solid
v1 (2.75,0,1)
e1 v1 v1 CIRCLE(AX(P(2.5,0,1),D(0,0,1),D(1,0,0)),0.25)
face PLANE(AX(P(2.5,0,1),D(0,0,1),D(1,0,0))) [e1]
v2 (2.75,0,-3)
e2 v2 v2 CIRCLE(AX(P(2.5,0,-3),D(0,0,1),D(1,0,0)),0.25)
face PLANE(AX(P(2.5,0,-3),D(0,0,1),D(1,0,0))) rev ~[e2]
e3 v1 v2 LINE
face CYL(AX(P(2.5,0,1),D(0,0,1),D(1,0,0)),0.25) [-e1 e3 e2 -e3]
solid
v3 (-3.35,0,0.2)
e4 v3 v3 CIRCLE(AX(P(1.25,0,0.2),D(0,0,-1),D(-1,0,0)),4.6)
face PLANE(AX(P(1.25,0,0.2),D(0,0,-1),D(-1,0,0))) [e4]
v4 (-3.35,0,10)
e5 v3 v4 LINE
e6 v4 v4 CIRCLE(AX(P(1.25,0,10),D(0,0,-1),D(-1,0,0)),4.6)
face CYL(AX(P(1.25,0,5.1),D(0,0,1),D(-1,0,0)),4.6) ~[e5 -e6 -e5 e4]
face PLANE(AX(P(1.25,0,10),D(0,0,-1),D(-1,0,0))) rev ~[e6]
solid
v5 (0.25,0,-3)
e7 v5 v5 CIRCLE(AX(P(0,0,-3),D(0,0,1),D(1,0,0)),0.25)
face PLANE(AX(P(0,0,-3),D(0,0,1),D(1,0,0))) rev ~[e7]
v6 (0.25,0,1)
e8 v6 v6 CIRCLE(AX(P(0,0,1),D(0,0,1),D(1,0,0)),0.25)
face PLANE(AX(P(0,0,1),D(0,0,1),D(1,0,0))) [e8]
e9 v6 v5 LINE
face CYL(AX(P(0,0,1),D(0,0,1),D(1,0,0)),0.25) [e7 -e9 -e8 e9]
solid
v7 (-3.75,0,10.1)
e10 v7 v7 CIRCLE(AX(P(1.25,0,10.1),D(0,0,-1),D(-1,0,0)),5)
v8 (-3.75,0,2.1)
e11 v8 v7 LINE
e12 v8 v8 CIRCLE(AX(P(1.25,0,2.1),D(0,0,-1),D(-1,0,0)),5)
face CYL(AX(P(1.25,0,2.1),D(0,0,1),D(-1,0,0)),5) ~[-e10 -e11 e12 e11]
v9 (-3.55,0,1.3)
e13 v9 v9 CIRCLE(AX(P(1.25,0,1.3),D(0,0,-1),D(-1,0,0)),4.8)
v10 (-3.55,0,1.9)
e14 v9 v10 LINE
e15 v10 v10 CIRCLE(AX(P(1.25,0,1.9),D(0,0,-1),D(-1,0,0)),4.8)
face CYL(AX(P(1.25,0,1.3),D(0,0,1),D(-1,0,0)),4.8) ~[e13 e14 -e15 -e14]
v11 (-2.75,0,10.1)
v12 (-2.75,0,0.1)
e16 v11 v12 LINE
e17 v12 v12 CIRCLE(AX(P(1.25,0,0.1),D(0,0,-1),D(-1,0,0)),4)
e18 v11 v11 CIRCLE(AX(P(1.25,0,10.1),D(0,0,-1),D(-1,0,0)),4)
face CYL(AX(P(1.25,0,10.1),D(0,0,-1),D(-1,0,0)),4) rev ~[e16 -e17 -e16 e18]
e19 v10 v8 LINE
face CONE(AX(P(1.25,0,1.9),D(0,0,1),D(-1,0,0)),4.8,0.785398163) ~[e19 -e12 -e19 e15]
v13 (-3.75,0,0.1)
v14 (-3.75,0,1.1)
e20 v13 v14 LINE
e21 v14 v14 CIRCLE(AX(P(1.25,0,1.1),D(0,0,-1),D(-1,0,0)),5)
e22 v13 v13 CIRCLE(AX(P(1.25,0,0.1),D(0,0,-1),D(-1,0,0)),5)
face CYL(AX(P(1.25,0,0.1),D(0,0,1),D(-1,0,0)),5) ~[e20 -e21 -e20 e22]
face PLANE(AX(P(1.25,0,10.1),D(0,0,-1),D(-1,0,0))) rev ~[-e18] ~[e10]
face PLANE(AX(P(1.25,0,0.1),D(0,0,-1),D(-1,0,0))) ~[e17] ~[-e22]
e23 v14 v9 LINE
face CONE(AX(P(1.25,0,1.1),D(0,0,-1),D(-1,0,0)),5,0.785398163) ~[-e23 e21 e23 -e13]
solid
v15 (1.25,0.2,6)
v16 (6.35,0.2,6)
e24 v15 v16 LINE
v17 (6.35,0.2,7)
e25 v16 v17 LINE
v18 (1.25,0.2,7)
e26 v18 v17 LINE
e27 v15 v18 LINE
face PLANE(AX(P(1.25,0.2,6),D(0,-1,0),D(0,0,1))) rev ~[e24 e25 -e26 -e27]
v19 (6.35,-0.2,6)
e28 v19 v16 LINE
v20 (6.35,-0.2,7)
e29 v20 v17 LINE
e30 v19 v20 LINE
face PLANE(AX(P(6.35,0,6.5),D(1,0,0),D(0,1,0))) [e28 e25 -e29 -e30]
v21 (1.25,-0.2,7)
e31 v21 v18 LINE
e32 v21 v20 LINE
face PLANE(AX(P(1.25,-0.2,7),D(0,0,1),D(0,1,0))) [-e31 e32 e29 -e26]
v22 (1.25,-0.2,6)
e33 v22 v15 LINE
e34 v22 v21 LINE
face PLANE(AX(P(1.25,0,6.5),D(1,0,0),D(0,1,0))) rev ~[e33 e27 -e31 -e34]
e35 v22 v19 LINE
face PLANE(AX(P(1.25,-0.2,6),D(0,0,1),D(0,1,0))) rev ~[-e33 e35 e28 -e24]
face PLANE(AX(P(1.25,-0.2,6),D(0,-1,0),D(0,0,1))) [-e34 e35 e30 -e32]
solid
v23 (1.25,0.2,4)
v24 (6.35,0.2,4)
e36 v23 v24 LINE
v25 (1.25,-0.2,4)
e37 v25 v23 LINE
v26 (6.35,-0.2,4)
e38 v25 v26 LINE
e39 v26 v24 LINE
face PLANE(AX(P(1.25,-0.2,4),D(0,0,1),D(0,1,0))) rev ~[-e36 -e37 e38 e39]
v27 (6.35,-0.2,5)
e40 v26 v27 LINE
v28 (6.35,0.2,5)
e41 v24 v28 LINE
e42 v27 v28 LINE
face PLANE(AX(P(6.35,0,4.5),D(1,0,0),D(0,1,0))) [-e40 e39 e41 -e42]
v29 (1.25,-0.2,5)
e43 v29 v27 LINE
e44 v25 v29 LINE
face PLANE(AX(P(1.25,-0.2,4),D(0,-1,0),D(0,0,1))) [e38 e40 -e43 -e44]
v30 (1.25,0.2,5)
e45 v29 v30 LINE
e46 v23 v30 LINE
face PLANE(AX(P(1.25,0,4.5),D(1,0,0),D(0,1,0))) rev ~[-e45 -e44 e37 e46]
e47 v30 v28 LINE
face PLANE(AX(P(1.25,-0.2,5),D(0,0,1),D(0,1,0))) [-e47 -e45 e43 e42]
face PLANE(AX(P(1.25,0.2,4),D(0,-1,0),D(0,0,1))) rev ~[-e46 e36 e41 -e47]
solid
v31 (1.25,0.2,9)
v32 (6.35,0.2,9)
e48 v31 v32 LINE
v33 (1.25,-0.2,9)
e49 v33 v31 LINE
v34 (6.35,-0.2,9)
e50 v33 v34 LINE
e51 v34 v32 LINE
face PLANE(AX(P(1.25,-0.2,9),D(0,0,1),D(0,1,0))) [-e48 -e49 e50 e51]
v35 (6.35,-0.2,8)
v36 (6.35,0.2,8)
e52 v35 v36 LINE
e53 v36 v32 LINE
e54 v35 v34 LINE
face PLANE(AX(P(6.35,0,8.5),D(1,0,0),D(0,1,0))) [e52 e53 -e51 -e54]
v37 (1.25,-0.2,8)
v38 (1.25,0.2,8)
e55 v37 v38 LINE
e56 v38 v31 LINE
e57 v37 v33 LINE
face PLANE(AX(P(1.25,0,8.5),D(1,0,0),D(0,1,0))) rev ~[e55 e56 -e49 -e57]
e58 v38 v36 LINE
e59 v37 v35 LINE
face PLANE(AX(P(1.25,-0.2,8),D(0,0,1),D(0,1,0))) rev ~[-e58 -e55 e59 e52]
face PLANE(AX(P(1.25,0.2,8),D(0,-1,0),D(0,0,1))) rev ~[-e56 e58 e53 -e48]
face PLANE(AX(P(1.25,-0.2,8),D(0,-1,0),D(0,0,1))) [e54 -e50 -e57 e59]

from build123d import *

# Parameters (mm, degrees)
SKETCH002_W  = 4.6
SKETCH002_H  = 9.8
SKETCH003_R  = 0.25
PAD_DEPTH    = 4
SKETCH004_W  = 0.4
SKETCH004_H  = 1
PAD001_DEPTH = 5.1


with BuildPart() as revolution:
    # Sketch → Revolution (revolve)
    with BuildSketch(Plane.XZ):
        Polygon((-3.75, 0.1), (-3.75, 1.1), (-3.55, 1.3), (-3.55, 1.9), (-3.75, 2.1), (-3.75, 10.1), (-2.75, 10.1), (-2.75, 0.1), align=None)
    revolve(axis=Axis((1.25, 0, 7.548619), (0, 0, -1)))


with BuildPart() as revolution001:
    # Sketch002 → Revolution001 (revolve)
    with BuildSketch(Plane.XZ):
        with Locations((-1.05, 5.1)):
            Rectangle(SKETCH002_W, SKETCH002_H)
    revolve(axis=Axis((1.25, 0, 4.680116), (0, 0, -1)))


with BuildPart() as pad:
    # Sketch003 → Pad (new body)
    with BuildSketch(Plane.XY.offset(1)):
        Circle(SKETCH003_R)
        with Locations((2.5, 0)):
            Circle(SKETCH003_R)
    extrude(amount=-PAD_DEPTH)


with BuildPart() as pad001:
    # Sketch004 → Pad001 (new body)
    with BuildSketch(Plane.YZ.offset(1.25)):
        with Locations((0, 4.5)):
            Rectangle(SKETCH004_W, SKETCH004_H)
        with Locations((0, 6.5)):
            Rectangle(SKETCH004_W, SKETCH004_H)
        with Locations((0, 8.5)):
            Rectangle(SKETCH004_W, SKETCH004_H)
    extrude(amount=PAD001_DEPTH)


solid = Compound([revolution.part, revolution001.part, pad.part, pad001.part])
